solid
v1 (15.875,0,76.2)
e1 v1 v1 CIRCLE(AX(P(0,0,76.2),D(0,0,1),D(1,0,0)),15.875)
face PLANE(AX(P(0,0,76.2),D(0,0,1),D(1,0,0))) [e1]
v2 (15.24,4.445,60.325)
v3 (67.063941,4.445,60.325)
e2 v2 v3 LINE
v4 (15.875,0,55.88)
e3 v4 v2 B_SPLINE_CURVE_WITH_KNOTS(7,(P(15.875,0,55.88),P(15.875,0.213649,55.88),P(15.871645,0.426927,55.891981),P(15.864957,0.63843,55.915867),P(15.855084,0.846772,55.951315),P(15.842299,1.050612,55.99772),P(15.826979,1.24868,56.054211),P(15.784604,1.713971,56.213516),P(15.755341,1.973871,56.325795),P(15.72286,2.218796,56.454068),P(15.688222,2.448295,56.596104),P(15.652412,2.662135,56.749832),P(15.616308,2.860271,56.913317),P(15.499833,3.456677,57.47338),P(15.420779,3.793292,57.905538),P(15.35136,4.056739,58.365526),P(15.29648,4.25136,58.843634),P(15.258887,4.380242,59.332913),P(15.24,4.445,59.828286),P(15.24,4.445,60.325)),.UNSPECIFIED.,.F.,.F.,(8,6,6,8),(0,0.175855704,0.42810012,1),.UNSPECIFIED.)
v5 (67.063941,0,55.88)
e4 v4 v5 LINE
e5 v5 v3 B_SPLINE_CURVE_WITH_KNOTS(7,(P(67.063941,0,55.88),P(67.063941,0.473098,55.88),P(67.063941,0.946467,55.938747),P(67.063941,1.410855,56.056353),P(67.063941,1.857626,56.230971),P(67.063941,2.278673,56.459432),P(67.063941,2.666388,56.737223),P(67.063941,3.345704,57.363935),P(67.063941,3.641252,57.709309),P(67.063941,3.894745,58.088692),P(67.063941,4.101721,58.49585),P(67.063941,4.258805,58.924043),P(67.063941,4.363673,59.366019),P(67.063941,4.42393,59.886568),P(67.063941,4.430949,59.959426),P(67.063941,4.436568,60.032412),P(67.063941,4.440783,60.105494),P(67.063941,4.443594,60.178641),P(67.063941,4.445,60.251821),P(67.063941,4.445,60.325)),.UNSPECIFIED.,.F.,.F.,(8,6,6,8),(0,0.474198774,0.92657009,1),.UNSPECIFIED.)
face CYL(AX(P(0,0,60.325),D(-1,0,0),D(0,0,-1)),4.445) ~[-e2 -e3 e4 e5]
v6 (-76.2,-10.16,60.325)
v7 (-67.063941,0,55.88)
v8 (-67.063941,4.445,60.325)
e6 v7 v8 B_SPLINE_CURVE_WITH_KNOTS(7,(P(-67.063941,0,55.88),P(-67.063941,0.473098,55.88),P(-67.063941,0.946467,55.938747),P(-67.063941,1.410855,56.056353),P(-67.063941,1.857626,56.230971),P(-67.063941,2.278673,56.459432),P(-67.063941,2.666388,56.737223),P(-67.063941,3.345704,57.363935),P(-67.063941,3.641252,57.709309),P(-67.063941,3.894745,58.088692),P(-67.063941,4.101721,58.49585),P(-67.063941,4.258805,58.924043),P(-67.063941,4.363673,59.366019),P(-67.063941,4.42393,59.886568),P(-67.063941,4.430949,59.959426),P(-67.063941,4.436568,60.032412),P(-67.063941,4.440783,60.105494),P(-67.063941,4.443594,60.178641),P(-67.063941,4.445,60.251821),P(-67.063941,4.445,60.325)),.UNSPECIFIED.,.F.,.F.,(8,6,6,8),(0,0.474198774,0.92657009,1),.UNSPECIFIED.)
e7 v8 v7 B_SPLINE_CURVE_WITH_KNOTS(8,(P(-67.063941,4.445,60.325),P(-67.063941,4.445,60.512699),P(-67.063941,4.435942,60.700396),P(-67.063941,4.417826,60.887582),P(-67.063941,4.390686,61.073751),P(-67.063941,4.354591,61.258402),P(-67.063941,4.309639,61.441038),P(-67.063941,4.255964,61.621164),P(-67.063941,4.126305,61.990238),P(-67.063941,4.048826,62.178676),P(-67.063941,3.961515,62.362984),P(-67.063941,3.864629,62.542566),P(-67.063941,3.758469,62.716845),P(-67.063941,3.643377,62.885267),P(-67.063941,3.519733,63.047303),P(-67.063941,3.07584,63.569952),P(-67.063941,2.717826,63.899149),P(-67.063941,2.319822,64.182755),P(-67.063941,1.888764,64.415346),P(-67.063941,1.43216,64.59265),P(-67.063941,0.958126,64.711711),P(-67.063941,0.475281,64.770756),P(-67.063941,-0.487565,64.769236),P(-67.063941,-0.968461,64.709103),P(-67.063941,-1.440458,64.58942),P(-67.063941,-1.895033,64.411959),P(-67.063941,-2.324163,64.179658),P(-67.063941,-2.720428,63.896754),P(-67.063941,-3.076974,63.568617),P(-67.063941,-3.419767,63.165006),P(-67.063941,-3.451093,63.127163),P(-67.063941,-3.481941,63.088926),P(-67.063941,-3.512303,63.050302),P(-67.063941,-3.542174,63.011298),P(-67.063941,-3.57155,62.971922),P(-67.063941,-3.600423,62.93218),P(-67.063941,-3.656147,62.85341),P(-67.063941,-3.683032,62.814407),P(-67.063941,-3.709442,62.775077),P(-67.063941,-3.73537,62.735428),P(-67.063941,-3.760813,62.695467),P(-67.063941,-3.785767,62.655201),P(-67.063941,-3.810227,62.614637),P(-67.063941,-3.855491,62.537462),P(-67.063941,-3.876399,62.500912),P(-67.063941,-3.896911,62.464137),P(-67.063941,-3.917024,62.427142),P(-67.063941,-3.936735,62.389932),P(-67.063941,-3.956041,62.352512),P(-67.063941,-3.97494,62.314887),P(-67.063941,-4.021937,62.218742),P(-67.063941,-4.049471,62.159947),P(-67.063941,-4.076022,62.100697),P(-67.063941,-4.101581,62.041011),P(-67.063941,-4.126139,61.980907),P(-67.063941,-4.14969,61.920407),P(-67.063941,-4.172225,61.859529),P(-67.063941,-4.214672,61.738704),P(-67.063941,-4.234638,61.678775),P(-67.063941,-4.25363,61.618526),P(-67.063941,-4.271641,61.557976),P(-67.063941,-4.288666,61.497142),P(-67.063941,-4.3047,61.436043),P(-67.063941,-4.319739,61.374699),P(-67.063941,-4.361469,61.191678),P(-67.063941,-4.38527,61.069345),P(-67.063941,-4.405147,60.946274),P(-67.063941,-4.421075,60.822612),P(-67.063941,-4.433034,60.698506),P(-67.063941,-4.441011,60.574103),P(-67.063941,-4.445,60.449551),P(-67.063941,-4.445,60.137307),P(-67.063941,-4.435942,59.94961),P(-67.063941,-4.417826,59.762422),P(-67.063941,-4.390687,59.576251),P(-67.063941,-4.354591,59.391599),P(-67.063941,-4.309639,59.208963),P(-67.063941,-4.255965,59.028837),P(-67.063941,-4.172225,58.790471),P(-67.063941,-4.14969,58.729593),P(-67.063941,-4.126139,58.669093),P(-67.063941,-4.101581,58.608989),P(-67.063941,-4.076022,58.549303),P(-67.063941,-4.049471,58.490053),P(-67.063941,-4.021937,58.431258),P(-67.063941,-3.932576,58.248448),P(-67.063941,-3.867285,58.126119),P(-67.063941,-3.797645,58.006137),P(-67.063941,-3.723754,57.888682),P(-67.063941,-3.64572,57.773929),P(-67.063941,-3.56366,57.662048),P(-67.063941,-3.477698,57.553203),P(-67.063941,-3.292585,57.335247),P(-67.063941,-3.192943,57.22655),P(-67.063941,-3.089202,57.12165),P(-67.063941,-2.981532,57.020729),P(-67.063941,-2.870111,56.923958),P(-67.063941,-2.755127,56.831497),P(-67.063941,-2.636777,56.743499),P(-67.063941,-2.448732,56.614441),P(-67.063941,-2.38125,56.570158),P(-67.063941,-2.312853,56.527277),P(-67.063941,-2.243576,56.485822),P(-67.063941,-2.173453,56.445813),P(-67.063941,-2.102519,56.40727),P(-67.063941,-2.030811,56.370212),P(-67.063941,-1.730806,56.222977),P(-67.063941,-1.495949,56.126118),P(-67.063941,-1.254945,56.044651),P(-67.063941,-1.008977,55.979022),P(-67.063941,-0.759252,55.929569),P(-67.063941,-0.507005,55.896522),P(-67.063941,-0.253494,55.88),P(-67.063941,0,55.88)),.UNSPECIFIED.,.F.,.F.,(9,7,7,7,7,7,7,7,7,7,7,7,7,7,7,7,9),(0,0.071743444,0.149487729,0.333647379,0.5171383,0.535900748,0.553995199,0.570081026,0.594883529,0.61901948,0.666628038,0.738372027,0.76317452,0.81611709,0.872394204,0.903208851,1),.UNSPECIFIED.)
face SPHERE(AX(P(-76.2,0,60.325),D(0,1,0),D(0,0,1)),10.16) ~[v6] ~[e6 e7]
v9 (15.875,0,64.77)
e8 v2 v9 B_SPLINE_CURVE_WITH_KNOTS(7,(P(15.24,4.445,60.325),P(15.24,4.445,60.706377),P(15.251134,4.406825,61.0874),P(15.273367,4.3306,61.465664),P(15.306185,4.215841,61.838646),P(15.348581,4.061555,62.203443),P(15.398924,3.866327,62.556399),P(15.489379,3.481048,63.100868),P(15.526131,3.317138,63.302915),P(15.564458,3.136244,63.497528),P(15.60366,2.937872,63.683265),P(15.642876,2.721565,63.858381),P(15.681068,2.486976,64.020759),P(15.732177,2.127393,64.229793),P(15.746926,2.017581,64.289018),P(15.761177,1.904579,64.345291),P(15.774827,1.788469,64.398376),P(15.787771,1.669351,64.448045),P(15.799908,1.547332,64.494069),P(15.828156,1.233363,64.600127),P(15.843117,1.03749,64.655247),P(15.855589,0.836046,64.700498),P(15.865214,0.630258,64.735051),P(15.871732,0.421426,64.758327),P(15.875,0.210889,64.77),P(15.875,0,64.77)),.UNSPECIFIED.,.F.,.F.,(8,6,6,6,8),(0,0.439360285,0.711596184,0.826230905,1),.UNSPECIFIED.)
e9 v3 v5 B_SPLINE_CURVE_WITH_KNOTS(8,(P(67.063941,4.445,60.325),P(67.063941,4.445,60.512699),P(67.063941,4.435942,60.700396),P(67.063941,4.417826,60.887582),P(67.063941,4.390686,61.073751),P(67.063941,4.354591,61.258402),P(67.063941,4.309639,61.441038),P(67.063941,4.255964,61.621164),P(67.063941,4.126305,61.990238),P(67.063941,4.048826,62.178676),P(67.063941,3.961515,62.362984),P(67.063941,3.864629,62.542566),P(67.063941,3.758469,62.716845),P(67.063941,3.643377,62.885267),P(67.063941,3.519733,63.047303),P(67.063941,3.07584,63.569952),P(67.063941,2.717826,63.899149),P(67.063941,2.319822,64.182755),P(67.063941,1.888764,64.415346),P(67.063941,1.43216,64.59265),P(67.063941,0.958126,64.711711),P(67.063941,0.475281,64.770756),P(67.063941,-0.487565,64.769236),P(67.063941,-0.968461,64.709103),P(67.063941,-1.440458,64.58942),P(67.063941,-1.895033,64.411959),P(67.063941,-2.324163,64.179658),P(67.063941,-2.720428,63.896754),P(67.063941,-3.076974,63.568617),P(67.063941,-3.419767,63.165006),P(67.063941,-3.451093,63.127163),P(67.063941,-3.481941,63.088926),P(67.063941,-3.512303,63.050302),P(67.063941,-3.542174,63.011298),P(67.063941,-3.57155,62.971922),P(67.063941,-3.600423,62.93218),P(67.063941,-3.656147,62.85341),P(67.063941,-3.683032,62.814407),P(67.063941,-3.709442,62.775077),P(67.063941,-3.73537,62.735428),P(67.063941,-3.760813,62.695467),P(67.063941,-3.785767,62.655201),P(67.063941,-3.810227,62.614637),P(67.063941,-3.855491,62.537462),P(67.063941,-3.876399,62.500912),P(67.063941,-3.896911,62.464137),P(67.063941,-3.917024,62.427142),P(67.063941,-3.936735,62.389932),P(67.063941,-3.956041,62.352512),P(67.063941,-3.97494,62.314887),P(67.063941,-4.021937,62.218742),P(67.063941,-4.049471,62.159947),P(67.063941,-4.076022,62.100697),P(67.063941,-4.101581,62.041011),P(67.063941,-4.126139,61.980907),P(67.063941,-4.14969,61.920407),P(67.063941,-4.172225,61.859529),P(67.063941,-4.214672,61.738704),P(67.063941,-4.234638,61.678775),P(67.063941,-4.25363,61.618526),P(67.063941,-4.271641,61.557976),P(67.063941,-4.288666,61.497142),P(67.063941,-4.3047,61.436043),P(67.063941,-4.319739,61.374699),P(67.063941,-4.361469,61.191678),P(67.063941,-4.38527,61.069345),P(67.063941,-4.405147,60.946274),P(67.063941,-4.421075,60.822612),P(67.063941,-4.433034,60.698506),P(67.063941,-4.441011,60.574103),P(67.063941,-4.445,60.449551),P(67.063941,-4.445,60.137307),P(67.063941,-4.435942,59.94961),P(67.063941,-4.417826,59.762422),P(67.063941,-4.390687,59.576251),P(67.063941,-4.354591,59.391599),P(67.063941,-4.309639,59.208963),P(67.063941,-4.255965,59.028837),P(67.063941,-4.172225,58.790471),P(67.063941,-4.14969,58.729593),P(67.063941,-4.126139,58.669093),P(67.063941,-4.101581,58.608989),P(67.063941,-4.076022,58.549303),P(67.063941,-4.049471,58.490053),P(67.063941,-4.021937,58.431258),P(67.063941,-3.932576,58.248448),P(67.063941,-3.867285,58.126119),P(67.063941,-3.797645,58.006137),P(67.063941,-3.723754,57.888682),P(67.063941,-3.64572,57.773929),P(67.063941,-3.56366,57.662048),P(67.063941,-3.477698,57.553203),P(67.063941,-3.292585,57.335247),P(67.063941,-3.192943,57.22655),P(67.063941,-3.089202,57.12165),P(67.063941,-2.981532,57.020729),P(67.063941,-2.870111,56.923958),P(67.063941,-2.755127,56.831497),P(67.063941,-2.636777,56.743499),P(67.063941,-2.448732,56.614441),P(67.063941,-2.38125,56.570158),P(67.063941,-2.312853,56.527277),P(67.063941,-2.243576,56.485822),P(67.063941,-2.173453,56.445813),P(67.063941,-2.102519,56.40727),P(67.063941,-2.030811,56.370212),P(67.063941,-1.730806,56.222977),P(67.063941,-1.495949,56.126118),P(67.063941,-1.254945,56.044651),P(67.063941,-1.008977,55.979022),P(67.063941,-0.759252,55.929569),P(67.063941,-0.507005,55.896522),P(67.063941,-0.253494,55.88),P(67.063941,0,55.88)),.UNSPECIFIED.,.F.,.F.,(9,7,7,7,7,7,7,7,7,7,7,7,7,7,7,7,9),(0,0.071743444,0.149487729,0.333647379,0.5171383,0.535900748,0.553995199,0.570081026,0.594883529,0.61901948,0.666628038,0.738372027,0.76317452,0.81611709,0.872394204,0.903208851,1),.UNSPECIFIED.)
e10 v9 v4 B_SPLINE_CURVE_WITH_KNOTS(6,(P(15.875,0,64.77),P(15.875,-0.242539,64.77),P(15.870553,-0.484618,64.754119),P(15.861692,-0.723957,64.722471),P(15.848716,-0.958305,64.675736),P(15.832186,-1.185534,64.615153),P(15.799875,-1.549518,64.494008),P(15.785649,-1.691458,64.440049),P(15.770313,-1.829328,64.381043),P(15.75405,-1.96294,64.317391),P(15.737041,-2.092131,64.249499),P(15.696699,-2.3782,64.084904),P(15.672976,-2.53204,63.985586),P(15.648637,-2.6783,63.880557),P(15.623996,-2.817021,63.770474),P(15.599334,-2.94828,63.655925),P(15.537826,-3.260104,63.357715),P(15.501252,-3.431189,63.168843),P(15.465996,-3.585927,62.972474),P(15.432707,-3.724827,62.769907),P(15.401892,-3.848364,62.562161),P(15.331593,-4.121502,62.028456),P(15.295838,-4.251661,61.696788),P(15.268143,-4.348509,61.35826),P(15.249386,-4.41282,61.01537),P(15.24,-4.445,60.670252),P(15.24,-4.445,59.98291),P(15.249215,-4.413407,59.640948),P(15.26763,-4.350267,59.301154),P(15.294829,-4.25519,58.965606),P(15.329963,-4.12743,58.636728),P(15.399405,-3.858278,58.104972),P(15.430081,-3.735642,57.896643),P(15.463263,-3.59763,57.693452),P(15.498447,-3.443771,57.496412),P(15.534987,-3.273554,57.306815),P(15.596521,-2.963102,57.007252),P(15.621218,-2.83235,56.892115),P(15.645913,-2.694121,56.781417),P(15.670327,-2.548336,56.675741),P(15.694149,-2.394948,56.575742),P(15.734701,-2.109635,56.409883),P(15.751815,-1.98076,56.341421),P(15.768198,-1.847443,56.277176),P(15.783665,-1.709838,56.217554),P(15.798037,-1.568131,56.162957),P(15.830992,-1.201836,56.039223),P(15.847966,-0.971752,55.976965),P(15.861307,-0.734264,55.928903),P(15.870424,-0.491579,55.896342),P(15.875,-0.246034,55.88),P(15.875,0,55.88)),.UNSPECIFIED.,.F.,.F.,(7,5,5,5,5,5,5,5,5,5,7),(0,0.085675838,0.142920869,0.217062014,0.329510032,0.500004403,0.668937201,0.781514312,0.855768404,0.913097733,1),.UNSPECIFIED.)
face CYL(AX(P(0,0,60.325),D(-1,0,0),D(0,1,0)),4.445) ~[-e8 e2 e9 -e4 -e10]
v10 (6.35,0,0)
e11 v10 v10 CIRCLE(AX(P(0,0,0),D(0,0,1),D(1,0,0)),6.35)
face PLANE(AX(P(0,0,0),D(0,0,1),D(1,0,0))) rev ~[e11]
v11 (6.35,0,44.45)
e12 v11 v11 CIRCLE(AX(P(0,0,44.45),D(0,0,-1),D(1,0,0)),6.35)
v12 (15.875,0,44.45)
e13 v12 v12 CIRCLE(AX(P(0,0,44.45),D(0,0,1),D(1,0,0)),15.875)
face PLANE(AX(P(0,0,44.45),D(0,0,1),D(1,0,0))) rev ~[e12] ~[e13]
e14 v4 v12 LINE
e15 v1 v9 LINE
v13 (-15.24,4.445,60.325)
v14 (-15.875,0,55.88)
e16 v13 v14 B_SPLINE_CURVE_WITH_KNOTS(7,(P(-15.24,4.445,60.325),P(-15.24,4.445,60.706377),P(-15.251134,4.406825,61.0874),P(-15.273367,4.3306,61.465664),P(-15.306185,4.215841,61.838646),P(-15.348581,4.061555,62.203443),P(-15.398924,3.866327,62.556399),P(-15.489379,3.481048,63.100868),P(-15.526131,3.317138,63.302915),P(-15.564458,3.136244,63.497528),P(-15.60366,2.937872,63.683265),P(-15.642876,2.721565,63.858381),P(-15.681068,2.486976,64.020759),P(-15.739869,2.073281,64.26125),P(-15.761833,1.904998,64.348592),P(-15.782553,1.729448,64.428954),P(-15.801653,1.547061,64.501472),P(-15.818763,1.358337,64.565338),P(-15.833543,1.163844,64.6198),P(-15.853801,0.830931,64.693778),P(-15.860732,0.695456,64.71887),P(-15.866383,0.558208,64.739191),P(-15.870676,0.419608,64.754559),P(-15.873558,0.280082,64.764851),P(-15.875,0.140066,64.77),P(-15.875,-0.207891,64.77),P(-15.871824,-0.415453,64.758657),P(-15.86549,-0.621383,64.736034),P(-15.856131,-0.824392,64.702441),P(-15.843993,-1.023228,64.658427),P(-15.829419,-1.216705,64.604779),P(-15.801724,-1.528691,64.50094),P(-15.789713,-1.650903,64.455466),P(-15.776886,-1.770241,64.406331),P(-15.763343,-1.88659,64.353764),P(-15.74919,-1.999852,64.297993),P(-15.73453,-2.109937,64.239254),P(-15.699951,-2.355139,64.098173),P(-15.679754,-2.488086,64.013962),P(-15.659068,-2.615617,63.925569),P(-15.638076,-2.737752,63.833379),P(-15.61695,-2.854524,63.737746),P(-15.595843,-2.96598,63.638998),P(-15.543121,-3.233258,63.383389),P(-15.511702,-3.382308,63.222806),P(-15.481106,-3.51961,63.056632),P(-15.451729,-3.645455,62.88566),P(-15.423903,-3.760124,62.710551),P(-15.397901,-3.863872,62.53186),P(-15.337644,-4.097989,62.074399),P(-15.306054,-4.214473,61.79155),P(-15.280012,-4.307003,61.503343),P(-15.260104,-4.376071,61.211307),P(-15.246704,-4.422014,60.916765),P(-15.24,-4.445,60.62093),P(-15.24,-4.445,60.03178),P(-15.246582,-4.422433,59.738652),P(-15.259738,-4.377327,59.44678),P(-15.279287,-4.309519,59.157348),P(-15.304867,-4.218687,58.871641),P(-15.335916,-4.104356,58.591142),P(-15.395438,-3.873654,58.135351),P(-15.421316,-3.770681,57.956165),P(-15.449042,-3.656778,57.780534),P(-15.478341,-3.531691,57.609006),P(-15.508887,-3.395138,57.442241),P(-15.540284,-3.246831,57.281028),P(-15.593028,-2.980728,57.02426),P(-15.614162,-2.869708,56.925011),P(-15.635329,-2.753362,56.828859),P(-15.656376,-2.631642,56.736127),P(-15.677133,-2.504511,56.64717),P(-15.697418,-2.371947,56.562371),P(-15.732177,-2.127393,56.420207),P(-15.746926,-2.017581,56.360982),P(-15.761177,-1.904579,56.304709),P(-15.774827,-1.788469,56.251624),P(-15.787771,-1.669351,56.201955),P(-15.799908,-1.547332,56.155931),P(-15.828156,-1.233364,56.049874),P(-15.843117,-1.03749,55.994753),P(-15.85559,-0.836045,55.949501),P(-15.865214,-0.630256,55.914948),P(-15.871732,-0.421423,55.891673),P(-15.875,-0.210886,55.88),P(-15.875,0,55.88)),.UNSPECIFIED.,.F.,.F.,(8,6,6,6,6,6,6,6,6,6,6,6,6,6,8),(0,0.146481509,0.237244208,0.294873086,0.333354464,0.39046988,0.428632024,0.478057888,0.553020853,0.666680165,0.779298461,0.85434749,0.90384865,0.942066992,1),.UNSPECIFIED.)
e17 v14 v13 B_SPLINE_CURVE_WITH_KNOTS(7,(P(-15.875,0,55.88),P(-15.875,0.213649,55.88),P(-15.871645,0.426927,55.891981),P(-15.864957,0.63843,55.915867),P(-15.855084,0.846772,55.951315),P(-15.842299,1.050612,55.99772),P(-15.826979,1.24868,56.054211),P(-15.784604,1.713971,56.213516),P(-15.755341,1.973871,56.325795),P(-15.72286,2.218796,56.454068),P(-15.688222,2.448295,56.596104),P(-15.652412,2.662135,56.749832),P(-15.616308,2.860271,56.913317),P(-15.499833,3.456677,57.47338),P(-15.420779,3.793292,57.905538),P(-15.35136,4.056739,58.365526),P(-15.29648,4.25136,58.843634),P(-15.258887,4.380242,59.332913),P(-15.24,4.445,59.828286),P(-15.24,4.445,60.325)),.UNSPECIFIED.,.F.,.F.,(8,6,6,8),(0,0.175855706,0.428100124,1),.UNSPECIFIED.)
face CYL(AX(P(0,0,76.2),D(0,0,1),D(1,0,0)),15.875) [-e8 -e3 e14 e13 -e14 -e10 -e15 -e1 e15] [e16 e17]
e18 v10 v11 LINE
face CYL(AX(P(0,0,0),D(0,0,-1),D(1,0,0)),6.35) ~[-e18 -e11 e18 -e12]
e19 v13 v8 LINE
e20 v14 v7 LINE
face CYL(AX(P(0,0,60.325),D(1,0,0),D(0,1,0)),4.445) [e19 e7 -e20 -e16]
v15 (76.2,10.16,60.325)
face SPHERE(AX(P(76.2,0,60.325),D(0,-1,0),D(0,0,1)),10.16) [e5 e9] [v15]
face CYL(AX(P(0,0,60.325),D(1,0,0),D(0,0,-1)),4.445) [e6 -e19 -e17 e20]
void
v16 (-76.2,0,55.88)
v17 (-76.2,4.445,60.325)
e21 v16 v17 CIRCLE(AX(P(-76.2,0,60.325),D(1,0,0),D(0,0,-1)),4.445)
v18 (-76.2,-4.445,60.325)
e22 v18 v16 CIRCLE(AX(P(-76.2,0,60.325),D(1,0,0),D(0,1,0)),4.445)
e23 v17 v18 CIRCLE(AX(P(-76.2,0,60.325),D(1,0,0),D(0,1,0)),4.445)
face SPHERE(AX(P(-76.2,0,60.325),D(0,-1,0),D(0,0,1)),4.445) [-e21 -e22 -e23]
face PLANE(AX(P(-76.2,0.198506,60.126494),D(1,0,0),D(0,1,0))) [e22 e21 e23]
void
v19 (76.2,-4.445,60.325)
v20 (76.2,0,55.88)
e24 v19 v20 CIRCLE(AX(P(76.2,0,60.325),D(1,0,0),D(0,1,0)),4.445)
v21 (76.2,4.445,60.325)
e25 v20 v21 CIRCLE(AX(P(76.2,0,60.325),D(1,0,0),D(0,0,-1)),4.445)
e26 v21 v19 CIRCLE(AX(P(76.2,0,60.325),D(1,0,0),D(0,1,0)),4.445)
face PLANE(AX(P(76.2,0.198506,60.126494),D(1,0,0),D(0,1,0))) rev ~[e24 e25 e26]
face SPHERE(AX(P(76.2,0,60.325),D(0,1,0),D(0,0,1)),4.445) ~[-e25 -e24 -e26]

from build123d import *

# Parameters (mm, degrees)
F0_R     = 6.35
F1_DEPTH = 76.2
F2_R     = 15.875
F3_DEPTH = 31.75
F5_DEPTH = 76.2


with BuildPart() as f1:
    # F0 (on Top) → F1 (new body)
    with BuildSketch(Plane.XY):
        Circle(F0_R)
    extrude(amount=F1_DEPTH)

    # F2 (on face) → F3 (join)
    with BuildSketch(Plane.XY.offset(76.2)):
        Circle(F2_R)
    extrude(amount=-F3_DEPTH)

    # F4 (on Right) → F5 (join, symmetric)
    with BuildSketch(Plane.YZ):
        with BuildLine():
            ThreePointArc((0, 55.88), (3.1430896424, 57.1819103576), (4.445, 60.325))
            ThreePointArc((4.445, 60.325), (-3.1430896424, 63.4680896424), (0, 55.88))
        make_face()
    extrude(amount=F5_DEPTH, both=True)

    # F6 (on face) → F7 (revolve)
    with BuildSketch(Plane.YZ.offset(76.2)):
        with BuildLine():
            Line((4.445, 60.325), (10.16, 60.325))
            ThreePointArc((10.16, 60.325), (0, 70.485), (-10.16, 60.325))
            Line((-10.16, 60.325), (-4.445, 60.325))
            ThreePointArc((-4.445, 60.325), (0, 64.77), (4.445, 60.325))
        make_face()
    revolve(axis=Axis((76.2, -5.08, 60.325), (0, -1, 0)))

    # F8 (on face) → F9 (revolve)
    with BuildSketch(Plane(origin=(-76.2, 0, 0), x_dir=(0, -1, 0), z_dir=(-1, 0, 0))):
        with BuildLine():
            Line((4.445, 60.325), (10.16, 60.325))
            ThreePointArc((10.16, 60.325), (0, 70.485), (-10.16, 60.325))
            Line((-10.16, 60.325), (-4.445, 60.325))
            ThreePointArc((-4.445, 60.325), (0, 64.77), (4.445, 60.325))
        make_face()
    revolve(axis=Axis((-76.2, 0, 60.325), (0, -1, 0)))


solid = f1.part
